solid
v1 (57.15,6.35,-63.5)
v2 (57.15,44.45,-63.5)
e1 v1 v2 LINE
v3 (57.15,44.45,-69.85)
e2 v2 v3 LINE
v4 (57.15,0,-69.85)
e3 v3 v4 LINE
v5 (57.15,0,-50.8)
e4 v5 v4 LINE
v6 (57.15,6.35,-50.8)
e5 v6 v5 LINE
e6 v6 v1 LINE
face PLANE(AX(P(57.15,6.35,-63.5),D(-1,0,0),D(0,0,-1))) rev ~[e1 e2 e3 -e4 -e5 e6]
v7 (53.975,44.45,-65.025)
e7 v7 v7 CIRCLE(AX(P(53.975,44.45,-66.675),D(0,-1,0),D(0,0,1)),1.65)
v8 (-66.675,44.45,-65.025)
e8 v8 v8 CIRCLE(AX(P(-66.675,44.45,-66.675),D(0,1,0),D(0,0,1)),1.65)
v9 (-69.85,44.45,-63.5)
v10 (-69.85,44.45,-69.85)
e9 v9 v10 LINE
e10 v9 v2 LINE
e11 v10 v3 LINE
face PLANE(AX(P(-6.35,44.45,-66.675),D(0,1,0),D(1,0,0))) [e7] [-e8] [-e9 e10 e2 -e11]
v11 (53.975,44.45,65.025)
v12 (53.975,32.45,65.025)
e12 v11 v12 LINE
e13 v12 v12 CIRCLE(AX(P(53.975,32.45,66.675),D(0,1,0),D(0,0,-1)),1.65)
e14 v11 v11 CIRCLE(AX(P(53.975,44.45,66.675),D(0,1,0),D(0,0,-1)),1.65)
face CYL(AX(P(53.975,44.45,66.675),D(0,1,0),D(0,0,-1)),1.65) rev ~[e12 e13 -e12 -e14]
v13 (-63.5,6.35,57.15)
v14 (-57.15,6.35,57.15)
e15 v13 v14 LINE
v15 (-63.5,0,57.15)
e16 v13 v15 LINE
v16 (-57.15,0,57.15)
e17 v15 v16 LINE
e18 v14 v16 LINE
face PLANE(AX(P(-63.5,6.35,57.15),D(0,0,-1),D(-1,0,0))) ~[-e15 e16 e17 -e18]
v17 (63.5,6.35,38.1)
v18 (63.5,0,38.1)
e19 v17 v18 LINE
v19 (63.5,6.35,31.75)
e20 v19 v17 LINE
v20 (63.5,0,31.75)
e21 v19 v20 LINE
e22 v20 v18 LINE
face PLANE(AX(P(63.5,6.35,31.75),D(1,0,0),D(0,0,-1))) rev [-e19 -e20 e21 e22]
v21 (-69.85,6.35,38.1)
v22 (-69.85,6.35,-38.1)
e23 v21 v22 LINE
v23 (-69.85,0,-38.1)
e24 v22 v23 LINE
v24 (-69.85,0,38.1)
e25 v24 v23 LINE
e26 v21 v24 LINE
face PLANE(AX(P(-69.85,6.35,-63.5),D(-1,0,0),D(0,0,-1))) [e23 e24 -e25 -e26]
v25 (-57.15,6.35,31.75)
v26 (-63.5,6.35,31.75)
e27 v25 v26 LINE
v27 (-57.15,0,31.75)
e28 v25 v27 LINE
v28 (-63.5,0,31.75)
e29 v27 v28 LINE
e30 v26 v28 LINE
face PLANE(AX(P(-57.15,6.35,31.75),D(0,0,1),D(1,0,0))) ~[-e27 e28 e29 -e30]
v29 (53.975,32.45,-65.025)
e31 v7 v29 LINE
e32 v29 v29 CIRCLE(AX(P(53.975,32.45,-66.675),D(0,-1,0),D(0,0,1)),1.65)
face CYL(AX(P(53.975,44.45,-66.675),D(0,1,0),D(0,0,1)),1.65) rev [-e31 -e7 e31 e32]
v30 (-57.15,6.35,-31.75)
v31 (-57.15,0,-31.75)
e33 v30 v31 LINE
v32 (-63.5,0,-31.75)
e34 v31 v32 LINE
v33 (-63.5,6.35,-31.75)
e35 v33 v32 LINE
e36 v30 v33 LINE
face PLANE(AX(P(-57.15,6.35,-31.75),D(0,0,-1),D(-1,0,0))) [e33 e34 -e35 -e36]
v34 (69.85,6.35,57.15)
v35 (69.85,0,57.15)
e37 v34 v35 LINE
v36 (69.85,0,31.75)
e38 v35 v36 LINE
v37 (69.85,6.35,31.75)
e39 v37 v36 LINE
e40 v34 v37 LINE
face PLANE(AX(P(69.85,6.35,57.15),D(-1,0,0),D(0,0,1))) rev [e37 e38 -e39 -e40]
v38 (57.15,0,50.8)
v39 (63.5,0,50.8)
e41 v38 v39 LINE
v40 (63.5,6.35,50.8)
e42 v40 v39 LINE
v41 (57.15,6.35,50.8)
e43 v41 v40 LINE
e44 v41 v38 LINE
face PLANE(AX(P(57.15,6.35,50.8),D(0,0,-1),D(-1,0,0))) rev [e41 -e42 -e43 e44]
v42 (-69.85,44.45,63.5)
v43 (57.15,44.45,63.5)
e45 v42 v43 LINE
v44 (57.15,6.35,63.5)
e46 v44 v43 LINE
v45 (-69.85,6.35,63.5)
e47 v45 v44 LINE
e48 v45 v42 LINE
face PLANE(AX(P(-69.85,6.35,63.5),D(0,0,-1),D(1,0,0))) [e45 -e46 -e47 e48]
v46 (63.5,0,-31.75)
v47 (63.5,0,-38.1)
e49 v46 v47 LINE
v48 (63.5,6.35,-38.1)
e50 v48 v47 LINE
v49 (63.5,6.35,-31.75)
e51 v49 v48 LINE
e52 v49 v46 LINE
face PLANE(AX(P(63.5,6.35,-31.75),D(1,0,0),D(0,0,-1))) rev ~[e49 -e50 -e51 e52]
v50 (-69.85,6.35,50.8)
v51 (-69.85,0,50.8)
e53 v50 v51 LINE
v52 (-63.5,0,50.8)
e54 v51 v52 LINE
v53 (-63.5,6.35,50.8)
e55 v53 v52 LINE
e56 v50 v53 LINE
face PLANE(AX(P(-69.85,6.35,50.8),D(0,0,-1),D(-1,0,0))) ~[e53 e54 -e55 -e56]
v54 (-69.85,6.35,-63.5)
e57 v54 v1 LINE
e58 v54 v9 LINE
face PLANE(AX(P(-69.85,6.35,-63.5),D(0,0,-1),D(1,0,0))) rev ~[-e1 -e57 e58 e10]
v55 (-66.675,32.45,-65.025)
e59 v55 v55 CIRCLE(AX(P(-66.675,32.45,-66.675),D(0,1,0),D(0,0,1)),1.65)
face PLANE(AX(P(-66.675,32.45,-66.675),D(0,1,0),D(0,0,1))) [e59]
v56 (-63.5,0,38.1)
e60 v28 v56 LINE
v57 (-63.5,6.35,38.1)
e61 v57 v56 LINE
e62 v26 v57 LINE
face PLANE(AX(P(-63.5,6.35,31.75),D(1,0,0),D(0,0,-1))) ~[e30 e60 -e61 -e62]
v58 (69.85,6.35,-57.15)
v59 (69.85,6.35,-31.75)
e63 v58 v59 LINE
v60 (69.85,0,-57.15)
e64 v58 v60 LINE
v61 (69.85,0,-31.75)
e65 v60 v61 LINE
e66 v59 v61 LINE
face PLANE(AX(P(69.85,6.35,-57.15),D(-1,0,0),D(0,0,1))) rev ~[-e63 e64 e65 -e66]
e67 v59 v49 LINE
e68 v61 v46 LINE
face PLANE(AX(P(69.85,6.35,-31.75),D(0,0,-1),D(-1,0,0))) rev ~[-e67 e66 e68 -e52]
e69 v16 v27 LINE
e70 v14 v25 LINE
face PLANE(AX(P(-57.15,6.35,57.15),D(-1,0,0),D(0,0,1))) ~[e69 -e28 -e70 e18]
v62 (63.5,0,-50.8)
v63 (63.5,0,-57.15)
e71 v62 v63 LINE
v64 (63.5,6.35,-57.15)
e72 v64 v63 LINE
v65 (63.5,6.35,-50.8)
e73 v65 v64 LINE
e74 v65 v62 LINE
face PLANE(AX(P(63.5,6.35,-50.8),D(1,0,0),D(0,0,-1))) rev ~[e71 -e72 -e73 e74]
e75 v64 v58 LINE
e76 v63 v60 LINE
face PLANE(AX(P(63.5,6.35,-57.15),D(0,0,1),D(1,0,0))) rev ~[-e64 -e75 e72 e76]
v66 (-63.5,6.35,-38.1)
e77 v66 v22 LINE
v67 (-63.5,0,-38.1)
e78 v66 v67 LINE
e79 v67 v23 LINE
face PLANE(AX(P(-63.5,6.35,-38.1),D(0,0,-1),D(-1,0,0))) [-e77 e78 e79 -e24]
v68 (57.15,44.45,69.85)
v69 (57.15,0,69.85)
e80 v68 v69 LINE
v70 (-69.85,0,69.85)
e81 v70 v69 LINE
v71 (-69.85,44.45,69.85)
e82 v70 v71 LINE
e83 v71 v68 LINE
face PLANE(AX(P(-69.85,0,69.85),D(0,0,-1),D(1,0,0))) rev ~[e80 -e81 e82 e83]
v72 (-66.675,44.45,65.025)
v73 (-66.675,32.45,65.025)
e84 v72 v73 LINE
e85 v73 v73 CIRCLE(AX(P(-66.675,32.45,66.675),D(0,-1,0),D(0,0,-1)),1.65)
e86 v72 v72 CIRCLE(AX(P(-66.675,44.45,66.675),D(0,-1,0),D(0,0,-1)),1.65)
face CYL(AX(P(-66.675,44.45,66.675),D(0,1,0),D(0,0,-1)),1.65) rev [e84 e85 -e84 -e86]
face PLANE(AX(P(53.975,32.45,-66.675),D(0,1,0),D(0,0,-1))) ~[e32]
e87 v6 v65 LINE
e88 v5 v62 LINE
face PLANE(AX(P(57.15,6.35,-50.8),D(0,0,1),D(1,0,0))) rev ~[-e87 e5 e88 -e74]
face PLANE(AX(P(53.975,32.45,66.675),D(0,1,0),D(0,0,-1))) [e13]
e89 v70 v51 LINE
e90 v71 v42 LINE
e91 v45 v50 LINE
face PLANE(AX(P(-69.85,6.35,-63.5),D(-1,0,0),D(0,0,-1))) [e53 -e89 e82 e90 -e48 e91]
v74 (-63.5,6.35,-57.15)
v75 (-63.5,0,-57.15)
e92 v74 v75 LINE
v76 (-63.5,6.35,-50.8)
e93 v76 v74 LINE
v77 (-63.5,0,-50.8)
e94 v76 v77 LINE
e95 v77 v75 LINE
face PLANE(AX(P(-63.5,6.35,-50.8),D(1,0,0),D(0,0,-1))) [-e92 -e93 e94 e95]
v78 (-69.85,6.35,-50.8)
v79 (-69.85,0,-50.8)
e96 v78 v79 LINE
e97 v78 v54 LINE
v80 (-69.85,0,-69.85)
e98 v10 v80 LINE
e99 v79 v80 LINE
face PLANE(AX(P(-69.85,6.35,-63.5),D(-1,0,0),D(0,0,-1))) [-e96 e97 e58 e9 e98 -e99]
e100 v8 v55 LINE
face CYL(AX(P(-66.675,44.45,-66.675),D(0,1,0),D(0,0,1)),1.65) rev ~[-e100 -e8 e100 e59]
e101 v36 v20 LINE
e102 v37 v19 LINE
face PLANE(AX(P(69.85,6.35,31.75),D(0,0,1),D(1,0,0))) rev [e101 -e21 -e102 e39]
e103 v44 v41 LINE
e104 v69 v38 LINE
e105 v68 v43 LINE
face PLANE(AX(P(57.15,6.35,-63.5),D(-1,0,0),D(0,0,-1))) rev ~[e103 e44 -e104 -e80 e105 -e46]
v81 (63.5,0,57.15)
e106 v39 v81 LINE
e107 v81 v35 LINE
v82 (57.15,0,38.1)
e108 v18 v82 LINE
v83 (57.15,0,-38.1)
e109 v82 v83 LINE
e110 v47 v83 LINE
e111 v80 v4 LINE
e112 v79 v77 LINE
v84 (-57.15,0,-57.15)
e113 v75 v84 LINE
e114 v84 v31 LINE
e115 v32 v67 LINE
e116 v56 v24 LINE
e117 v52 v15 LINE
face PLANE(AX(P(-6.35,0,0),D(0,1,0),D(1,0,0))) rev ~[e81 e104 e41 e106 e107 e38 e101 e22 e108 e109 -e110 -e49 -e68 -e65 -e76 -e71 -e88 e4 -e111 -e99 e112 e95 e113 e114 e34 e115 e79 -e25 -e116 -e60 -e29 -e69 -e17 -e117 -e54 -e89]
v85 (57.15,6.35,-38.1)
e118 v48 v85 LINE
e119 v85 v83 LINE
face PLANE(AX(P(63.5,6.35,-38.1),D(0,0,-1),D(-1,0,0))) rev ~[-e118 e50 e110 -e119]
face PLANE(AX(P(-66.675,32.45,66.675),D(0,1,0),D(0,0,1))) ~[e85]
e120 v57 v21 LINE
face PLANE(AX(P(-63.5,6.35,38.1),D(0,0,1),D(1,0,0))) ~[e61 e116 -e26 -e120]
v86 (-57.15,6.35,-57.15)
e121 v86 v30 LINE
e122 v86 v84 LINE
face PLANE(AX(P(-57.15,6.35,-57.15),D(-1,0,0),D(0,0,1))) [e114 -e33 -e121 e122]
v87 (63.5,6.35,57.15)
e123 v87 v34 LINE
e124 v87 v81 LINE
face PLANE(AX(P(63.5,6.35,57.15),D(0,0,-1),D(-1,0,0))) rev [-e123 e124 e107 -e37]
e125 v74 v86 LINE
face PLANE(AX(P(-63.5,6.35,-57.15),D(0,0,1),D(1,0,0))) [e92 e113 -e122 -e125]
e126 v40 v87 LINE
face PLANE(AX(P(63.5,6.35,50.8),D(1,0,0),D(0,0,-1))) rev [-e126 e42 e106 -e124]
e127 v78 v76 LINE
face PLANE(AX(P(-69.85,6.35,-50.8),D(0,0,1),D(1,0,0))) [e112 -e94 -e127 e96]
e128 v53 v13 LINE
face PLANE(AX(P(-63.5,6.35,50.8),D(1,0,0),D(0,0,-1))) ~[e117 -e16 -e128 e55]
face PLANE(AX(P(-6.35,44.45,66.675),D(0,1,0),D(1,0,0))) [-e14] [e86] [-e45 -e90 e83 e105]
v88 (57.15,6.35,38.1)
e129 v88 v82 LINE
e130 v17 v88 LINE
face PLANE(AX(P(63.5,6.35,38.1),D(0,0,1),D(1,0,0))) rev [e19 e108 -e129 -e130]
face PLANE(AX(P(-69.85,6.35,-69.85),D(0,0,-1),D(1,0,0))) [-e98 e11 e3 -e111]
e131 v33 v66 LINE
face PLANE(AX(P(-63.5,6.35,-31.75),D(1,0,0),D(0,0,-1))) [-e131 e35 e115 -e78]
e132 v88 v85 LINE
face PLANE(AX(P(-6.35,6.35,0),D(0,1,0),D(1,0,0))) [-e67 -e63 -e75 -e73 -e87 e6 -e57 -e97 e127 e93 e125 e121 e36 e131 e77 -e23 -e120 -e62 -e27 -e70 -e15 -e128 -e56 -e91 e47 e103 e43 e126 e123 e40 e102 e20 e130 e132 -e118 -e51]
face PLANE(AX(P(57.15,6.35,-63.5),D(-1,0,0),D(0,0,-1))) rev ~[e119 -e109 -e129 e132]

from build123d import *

# Parameters (mm, degrees)
SKETCH1_W                                  = 127
SKETCH1_H                                  = 139.7
BOSS_EXTRUDE1_DEPTH                        = 6.35
SKETCH3_W                                  = 127
SKETCH3_H                                  = 6.35
BOSS_EXTRUDE2_DEPTH                        = 38.1
BOSS_EXTRUDE3_DEPTH                        = 6.35
CUT_EXTRUDE2_DEPTH                         = 106.875658203
SKETCH8_R                                  = 1.65
CUT_EXTRUDE3_DEPTH                         = 12
MIRROR2_AT_THE_SECOND_PLANE_COPY_1_SKETC_R = 1.65
MIRROR2_AT_THE_SECOND_PLANE_COPY_1_DEPTH   = 12


with BuildPart() as part:
    # Sketch1 → Boss-Extrude1 (new body)
    with BuildSketch(Plane(origin=(0, 0, 0), x_dir=(1, 0, 0), z_dir=(0, 1, 0))):
        with Locations((-6.35, 0)):
            Rectangle(SKETCH1_W, SKETCH1_H)
    extrude(amount=BOSS_EXTRUDE1_DEPTH)

    # Sketch3 → Boss-Extrude2 (add)
    with BuildSketch(Plane(origin=(0, 6.35, 0), x_dir=(1, 0, 0), z_dir=(0, 1, 0))):
        with Locations((-6.35, 66.675)):
            Rectangle(SKETCH3_W, SKETCH3_H)
        with Locations((-6.35, -66.675)):
            Rectangle(SKETCH3_W, SKETCH3_H)
    extrude(amount=BOSS_EXTRUDE2_DEPTH)

    # Sketch6 → Boss-Extrude3 (add)
    with BuildSketch(Plane(origin=(0, 6.35, 0), x_dir=(1, 0, 0), z_dir=(0, 1, 0))):
        Polygon((57.15, 50.8), (63.5, 50.8), (63.5, 57.15), (69.85, 57.15), (69.85, 31.75), (63.5, 31.75), (63.5, 38.1), (57.15, 38.1), align=None)
    boss_extrude3 = extrude(amount=-BOSS_EXTRUDE3_DEPTH)

    # Sketch7 → Cut-Extrude2 (cut, through all)
    with BuildSketch(Plane(origin=(0, 6.35, 0), x_dir=(1, 0, 0), z_dir=(0, 1, 0))):
        Polygon((-69.85, 50.8), (-63.5, 50.8), (-63.5, 57.15), (-57.15, 57.15), (-57.15, 31.75), (-63.5, 31.75), (-63.5, 38.1), (-69.85, 38.1), align=None)
    cut_extrude2 = extrude(amount=-CUT_EXTRUDE2_DEPTH, mode=Mode.SUBTRACT)

    # Mirror1: Boss-Extrude3, Cut-Extrude2 across plane
    add(boss_extrude3.mirror(Plane.XY))
    add(cut_extrude2.mirror(Plane.XY), mode=Mode.SUBTRACT)

    # Sketch8 → Cut-Extrude3 (cut)
    with BuildSketch(Plane(origin=(0, 44.45, 0), x_dir=(1, 0, 0), z_dir=(0, 1, 0))):
        with Locations(Location((-66.675, 66.675, 0), (0, 0, 270))):
            Circle(SKETCH8_R)
    cut_extrude3 = extrude(amount=-CUT_EXTRUDE3_DEPTH, mode=Mode.SUBTRACT)

    # Mirror2: Cut-Extrude3 across plane
    add(cut_extrude3.mirror(Plane.XY), mode=Mode.SUBTRACT)

    # Mirror2 at the second plane: Cut-Extrude3 across plane
    add(cut_extrude3.mirror(Plane.ZY.offset(6.35)), mode=Mode.SUBTRACT)

    # Mirror2 at the second plane copy 1 sketc → Mirror2 at the second plane copy 1 (cut)
    with BuildSketch(Plane(origin=(-12.7, 44.45, 0), x_dir=(-1, 0, 0), z_dir=(0, 1, 0))):
        with Locations(Location((-66.675, 66.675, 0), (0, 0, 270))):
            Circle(MIRROR2_AT_THE_SECOND_PLANE_COPY_1_SKETC_R)
    extrude(amount=-MIRROR2_AT_THE_SECOND_PLANE_COPY_1_DEPTH, mode=Mode.SUBTRACT)


solid = part.part
